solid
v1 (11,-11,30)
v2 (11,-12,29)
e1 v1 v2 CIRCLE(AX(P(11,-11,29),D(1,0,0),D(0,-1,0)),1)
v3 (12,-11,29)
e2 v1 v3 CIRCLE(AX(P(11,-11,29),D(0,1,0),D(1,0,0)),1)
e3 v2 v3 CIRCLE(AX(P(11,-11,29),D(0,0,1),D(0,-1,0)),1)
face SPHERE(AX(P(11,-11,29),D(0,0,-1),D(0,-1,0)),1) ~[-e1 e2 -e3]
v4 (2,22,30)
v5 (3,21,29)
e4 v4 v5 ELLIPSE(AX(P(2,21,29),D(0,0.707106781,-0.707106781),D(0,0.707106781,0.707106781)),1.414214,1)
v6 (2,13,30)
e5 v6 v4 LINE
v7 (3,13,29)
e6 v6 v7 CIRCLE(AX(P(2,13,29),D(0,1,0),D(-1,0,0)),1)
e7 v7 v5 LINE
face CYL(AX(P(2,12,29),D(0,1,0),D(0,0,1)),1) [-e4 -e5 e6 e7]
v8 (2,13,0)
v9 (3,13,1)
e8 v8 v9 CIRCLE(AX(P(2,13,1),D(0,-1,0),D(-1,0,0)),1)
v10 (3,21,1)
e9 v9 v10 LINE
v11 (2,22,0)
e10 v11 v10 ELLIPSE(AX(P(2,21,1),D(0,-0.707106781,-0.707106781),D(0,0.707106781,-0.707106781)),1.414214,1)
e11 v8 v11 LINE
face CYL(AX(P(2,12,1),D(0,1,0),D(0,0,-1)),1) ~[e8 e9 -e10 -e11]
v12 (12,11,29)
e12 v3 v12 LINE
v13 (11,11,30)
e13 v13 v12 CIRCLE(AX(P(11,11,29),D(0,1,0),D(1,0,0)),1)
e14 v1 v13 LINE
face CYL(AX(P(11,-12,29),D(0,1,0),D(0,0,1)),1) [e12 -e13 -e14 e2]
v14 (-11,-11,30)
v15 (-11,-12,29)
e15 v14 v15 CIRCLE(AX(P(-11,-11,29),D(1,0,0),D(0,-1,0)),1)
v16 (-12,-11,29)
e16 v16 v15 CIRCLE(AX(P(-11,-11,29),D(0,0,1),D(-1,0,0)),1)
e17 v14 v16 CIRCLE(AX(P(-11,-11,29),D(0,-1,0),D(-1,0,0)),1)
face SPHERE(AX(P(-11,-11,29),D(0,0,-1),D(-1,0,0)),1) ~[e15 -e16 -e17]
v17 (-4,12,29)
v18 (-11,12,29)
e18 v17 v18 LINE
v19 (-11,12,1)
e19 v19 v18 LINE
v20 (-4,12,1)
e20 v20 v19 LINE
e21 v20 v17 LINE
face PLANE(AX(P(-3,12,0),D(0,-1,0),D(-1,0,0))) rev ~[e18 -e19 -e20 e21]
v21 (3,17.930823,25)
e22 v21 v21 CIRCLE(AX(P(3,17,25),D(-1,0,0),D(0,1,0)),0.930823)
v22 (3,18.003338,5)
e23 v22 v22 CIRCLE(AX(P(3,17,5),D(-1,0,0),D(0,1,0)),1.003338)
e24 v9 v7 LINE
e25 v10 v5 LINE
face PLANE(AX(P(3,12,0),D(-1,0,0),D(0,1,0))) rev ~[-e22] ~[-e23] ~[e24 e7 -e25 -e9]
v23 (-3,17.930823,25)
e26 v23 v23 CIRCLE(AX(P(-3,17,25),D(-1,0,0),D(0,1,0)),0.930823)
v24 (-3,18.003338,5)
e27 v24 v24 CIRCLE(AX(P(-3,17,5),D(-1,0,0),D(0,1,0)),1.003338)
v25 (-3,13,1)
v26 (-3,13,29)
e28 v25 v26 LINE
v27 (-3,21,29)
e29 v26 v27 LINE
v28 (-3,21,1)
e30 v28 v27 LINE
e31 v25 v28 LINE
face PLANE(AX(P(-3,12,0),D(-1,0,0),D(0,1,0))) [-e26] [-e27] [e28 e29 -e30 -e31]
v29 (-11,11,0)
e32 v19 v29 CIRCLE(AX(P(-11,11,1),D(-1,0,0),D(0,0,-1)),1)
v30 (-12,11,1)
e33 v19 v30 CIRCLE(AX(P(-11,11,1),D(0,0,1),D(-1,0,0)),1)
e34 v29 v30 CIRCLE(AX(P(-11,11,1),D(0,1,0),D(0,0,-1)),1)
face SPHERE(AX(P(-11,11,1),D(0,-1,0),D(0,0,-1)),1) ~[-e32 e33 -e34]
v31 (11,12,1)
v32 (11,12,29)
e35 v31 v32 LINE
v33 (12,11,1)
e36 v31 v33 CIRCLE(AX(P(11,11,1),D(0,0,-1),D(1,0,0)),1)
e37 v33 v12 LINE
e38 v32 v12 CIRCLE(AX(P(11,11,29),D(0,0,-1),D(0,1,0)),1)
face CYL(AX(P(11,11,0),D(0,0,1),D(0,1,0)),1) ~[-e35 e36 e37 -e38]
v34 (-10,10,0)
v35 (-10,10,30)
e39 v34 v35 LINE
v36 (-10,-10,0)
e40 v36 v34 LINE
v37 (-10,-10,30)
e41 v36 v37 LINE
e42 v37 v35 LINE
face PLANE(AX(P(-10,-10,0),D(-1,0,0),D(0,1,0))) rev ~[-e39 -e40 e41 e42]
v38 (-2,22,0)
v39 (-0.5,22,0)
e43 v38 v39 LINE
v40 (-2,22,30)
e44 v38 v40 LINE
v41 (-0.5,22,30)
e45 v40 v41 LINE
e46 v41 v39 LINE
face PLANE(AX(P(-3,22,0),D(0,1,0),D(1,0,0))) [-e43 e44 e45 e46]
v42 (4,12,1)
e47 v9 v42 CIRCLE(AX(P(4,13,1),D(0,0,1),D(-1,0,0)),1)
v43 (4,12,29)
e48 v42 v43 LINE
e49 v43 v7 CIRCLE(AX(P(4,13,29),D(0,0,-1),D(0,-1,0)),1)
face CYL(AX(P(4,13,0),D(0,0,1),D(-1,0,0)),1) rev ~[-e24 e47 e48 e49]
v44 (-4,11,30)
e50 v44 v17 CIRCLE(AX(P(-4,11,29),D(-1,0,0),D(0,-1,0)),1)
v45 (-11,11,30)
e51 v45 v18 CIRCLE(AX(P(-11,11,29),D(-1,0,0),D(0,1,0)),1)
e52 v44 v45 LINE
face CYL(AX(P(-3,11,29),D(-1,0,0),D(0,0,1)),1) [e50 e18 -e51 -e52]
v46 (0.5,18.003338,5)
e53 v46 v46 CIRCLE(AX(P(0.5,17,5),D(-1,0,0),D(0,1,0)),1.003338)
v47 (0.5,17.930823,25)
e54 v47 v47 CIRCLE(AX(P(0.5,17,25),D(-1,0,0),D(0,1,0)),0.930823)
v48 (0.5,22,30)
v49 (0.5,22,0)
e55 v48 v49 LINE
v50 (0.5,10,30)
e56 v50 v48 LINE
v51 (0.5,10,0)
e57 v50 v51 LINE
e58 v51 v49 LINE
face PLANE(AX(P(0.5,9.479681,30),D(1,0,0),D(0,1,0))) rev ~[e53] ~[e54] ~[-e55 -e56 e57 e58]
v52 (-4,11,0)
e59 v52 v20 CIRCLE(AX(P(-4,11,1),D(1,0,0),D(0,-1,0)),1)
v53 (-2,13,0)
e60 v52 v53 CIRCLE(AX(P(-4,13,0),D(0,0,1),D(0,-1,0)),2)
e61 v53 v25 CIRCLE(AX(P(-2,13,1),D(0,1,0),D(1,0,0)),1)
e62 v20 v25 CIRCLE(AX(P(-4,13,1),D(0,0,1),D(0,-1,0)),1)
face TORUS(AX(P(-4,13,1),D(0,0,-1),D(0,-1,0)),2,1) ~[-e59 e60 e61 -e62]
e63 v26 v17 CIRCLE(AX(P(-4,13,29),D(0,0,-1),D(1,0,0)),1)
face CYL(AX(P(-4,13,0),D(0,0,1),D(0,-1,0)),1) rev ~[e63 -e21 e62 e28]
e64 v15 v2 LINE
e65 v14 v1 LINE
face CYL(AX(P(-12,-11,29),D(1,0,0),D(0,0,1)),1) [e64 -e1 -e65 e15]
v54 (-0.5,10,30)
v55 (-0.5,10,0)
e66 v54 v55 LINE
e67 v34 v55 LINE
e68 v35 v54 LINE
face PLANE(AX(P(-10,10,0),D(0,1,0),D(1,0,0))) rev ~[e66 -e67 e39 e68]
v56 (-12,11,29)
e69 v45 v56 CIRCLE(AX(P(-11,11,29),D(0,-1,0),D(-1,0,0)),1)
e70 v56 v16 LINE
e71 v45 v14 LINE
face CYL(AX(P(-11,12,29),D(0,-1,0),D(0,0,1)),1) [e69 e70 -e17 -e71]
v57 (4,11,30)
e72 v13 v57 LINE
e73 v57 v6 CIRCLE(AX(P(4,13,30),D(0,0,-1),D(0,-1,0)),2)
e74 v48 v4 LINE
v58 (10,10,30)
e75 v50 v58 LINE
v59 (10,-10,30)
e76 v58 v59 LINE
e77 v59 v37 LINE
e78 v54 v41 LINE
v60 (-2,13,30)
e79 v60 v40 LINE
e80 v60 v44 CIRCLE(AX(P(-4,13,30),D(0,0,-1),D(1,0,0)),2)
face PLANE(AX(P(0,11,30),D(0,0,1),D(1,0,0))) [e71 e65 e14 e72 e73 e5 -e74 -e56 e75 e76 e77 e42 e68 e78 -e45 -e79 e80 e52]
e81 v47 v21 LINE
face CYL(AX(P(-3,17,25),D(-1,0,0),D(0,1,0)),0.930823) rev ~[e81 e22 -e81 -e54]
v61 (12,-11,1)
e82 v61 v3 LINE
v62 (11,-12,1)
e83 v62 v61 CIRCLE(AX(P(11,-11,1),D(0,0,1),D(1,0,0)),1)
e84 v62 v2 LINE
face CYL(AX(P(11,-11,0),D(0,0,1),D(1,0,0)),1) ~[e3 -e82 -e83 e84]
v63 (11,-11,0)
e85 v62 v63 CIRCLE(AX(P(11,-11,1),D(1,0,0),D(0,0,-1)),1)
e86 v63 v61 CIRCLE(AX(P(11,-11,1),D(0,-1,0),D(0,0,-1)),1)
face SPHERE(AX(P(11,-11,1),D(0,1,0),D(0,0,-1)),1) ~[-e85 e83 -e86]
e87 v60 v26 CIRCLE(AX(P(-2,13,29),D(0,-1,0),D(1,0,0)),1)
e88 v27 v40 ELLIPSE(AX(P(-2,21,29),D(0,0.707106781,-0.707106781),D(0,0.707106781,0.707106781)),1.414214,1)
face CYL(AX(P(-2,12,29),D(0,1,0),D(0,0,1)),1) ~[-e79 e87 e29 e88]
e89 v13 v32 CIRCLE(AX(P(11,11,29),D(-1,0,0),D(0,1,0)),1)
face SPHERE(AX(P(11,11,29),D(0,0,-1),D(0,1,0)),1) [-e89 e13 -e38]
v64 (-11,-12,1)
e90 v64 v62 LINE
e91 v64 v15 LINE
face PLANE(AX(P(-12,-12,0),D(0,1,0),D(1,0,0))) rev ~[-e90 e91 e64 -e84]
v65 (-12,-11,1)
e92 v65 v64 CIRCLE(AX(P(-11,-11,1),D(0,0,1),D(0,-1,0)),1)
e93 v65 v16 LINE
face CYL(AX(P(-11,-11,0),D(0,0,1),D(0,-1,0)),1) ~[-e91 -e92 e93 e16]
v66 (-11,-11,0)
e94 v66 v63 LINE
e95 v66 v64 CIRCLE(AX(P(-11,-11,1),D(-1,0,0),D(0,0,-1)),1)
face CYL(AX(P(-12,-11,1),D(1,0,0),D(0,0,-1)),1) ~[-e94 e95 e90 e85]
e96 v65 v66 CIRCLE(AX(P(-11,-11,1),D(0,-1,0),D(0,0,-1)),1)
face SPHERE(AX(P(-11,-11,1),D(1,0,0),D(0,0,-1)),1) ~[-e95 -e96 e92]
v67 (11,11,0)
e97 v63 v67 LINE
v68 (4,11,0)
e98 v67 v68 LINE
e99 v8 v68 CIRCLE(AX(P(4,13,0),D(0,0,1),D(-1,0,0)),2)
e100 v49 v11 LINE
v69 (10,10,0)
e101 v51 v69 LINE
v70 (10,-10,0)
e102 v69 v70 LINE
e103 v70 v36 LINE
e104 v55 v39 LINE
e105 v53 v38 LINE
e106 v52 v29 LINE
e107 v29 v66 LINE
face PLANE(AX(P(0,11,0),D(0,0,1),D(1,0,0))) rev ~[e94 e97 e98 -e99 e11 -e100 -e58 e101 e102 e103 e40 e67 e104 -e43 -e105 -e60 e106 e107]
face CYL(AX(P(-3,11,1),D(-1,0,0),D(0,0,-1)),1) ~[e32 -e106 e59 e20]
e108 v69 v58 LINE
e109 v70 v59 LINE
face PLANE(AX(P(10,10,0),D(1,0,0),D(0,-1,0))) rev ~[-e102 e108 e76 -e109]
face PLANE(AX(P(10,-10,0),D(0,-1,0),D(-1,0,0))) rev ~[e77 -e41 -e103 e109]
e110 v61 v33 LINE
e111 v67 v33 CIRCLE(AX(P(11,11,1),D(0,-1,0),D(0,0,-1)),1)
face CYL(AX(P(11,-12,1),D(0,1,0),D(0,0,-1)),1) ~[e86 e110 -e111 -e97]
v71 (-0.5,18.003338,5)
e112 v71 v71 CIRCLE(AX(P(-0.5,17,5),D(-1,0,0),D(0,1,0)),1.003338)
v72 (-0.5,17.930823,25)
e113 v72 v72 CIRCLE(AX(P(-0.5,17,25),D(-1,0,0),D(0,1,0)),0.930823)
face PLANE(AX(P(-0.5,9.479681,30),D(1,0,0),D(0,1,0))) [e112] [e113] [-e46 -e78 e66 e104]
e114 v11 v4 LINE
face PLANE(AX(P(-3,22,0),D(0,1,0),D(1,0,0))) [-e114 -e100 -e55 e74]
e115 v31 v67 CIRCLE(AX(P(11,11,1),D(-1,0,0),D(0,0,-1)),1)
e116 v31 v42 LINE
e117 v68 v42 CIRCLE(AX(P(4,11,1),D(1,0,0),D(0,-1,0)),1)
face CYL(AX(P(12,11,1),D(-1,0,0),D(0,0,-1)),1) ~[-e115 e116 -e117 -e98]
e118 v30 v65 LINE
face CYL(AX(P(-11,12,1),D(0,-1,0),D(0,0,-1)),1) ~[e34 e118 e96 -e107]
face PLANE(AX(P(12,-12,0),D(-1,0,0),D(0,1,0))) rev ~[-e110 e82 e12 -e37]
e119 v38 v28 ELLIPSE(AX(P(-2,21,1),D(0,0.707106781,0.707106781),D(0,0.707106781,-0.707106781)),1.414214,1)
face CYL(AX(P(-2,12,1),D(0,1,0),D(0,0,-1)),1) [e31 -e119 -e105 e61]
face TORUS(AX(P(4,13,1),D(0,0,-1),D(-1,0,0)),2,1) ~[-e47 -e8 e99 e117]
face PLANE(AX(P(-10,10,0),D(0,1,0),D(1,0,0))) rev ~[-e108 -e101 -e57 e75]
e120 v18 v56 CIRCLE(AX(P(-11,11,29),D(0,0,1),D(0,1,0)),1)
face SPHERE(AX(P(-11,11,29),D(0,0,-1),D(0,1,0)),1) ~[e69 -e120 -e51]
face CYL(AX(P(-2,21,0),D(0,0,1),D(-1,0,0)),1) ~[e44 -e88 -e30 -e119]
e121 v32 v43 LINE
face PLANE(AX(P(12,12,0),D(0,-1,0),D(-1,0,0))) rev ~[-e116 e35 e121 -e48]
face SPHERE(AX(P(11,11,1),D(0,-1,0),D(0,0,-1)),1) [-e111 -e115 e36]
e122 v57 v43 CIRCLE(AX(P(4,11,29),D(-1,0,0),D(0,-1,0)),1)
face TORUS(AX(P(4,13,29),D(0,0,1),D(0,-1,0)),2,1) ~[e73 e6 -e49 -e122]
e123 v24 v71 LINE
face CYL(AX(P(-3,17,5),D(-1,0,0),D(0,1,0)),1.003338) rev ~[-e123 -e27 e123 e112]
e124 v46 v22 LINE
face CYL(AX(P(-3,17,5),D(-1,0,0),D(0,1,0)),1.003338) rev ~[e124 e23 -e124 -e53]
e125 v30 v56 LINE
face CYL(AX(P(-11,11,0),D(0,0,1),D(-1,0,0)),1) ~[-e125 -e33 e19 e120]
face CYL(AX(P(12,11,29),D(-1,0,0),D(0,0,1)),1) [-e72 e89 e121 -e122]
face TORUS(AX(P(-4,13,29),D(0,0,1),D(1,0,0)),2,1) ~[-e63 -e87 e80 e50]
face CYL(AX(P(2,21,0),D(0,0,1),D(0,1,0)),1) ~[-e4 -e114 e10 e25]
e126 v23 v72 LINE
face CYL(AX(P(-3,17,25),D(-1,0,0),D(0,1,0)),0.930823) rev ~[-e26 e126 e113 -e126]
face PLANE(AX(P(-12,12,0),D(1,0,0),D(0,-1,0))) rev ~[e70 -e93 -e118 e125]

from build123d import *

# Parameters (mm, degrees)
SKETCH_1_W          = 6
SKETCH_1_H          = 2
SKETCH_1_H_2        = 10
EXTRUDE_1_DEPTH     = 30
SKETCH_2_W          = 1
SKETCH_2_H          = 17.803492696
CUT_EXTRUDE_1_DEPTH = 30
SKETCH_3_R          = 1.003337712
SKETCH_3_R_2        = 0.930822741
CUT_EXTRUDE_2_DEPTH = 30
FILLET_1_R          = 1


with BuildPart() as part:
    # 草图1 → 凸台-拉伸1 (new body)
    with BuildSketch(Plane.XY):
        with Locations((0, 11)):
            Rectangle(SKETCH_1_W, SKETCH_1_H)
        Polygon((-10, -10), (-10, 10), (-3, 10), (-3, 12), (-12, 12), (-12, -12), (12, -12), (12, 12), (3, 12), (3, 10), (10, 10), (10, -10), align=None)
        with Locations((0, 17)):
            Rectangle(SKETCH_1_W, SKETCH_1_H_2)
    extrude(amount=EXTRUDE_1_DEPTH)

    # 草图2 → 切除-拉伸1 (cut)
    with BuildSketch(Plane.XY.offset(30)):
        with Locations((0, 18.381427763)):
            Rectangle(SKETCH_2_W, SKETCH_2_H)
    extrude(amount=-CUT_EXTRUDE_1_DEPTH, mode=Mode.SUBTRACT)

    # 草图3 → 切除-拉伸2 (cut)
    with BuildSketch(Plane.ZY.offset(3)):
        with Locations(Location((5, 17, 0), (0, 0, 90))):
            Circle(SKETCH_3_R)
        with Locations(Location((25, 17, 0), (0, 0, 90))):
            Circle(SKETCH_3_R_2)
    extrude(amount=-CUT_EXTRUDE_2_DEPTH, mode=Mode.SUBTRACT)

    # 圆角1
    fillet_1_edges = [part.edges().sort_by_distance(p)[0] for p in [
        (12, 0, 0),
        (0, -12, 0),
        (-12, 0, 0),
        (-7.5, 12, 0),
        (-3, 17, 0),
        (3, 17, 0),
        (7.5, 12, 0),
        (12, 12, 15),
        (12, -12, 15),
        (-12, -12, 15),
        (-12, 12, 15),
        (-3, 12, 15),
        (-3, 22, 15),
        (3, 22, 15),
        (3, 12, 15),
        (7.5, 12, 30),
        (3, 17, 30),
        (-3, 17, 30),
        (-7.5, 12, 30),
        (-12, 0, 30),
        (0, -12, 30),
        (12, 0, 30),
    ]]
    fillet(fillet_1_edges, radius=FILLET_1_R)


solid = part.part
